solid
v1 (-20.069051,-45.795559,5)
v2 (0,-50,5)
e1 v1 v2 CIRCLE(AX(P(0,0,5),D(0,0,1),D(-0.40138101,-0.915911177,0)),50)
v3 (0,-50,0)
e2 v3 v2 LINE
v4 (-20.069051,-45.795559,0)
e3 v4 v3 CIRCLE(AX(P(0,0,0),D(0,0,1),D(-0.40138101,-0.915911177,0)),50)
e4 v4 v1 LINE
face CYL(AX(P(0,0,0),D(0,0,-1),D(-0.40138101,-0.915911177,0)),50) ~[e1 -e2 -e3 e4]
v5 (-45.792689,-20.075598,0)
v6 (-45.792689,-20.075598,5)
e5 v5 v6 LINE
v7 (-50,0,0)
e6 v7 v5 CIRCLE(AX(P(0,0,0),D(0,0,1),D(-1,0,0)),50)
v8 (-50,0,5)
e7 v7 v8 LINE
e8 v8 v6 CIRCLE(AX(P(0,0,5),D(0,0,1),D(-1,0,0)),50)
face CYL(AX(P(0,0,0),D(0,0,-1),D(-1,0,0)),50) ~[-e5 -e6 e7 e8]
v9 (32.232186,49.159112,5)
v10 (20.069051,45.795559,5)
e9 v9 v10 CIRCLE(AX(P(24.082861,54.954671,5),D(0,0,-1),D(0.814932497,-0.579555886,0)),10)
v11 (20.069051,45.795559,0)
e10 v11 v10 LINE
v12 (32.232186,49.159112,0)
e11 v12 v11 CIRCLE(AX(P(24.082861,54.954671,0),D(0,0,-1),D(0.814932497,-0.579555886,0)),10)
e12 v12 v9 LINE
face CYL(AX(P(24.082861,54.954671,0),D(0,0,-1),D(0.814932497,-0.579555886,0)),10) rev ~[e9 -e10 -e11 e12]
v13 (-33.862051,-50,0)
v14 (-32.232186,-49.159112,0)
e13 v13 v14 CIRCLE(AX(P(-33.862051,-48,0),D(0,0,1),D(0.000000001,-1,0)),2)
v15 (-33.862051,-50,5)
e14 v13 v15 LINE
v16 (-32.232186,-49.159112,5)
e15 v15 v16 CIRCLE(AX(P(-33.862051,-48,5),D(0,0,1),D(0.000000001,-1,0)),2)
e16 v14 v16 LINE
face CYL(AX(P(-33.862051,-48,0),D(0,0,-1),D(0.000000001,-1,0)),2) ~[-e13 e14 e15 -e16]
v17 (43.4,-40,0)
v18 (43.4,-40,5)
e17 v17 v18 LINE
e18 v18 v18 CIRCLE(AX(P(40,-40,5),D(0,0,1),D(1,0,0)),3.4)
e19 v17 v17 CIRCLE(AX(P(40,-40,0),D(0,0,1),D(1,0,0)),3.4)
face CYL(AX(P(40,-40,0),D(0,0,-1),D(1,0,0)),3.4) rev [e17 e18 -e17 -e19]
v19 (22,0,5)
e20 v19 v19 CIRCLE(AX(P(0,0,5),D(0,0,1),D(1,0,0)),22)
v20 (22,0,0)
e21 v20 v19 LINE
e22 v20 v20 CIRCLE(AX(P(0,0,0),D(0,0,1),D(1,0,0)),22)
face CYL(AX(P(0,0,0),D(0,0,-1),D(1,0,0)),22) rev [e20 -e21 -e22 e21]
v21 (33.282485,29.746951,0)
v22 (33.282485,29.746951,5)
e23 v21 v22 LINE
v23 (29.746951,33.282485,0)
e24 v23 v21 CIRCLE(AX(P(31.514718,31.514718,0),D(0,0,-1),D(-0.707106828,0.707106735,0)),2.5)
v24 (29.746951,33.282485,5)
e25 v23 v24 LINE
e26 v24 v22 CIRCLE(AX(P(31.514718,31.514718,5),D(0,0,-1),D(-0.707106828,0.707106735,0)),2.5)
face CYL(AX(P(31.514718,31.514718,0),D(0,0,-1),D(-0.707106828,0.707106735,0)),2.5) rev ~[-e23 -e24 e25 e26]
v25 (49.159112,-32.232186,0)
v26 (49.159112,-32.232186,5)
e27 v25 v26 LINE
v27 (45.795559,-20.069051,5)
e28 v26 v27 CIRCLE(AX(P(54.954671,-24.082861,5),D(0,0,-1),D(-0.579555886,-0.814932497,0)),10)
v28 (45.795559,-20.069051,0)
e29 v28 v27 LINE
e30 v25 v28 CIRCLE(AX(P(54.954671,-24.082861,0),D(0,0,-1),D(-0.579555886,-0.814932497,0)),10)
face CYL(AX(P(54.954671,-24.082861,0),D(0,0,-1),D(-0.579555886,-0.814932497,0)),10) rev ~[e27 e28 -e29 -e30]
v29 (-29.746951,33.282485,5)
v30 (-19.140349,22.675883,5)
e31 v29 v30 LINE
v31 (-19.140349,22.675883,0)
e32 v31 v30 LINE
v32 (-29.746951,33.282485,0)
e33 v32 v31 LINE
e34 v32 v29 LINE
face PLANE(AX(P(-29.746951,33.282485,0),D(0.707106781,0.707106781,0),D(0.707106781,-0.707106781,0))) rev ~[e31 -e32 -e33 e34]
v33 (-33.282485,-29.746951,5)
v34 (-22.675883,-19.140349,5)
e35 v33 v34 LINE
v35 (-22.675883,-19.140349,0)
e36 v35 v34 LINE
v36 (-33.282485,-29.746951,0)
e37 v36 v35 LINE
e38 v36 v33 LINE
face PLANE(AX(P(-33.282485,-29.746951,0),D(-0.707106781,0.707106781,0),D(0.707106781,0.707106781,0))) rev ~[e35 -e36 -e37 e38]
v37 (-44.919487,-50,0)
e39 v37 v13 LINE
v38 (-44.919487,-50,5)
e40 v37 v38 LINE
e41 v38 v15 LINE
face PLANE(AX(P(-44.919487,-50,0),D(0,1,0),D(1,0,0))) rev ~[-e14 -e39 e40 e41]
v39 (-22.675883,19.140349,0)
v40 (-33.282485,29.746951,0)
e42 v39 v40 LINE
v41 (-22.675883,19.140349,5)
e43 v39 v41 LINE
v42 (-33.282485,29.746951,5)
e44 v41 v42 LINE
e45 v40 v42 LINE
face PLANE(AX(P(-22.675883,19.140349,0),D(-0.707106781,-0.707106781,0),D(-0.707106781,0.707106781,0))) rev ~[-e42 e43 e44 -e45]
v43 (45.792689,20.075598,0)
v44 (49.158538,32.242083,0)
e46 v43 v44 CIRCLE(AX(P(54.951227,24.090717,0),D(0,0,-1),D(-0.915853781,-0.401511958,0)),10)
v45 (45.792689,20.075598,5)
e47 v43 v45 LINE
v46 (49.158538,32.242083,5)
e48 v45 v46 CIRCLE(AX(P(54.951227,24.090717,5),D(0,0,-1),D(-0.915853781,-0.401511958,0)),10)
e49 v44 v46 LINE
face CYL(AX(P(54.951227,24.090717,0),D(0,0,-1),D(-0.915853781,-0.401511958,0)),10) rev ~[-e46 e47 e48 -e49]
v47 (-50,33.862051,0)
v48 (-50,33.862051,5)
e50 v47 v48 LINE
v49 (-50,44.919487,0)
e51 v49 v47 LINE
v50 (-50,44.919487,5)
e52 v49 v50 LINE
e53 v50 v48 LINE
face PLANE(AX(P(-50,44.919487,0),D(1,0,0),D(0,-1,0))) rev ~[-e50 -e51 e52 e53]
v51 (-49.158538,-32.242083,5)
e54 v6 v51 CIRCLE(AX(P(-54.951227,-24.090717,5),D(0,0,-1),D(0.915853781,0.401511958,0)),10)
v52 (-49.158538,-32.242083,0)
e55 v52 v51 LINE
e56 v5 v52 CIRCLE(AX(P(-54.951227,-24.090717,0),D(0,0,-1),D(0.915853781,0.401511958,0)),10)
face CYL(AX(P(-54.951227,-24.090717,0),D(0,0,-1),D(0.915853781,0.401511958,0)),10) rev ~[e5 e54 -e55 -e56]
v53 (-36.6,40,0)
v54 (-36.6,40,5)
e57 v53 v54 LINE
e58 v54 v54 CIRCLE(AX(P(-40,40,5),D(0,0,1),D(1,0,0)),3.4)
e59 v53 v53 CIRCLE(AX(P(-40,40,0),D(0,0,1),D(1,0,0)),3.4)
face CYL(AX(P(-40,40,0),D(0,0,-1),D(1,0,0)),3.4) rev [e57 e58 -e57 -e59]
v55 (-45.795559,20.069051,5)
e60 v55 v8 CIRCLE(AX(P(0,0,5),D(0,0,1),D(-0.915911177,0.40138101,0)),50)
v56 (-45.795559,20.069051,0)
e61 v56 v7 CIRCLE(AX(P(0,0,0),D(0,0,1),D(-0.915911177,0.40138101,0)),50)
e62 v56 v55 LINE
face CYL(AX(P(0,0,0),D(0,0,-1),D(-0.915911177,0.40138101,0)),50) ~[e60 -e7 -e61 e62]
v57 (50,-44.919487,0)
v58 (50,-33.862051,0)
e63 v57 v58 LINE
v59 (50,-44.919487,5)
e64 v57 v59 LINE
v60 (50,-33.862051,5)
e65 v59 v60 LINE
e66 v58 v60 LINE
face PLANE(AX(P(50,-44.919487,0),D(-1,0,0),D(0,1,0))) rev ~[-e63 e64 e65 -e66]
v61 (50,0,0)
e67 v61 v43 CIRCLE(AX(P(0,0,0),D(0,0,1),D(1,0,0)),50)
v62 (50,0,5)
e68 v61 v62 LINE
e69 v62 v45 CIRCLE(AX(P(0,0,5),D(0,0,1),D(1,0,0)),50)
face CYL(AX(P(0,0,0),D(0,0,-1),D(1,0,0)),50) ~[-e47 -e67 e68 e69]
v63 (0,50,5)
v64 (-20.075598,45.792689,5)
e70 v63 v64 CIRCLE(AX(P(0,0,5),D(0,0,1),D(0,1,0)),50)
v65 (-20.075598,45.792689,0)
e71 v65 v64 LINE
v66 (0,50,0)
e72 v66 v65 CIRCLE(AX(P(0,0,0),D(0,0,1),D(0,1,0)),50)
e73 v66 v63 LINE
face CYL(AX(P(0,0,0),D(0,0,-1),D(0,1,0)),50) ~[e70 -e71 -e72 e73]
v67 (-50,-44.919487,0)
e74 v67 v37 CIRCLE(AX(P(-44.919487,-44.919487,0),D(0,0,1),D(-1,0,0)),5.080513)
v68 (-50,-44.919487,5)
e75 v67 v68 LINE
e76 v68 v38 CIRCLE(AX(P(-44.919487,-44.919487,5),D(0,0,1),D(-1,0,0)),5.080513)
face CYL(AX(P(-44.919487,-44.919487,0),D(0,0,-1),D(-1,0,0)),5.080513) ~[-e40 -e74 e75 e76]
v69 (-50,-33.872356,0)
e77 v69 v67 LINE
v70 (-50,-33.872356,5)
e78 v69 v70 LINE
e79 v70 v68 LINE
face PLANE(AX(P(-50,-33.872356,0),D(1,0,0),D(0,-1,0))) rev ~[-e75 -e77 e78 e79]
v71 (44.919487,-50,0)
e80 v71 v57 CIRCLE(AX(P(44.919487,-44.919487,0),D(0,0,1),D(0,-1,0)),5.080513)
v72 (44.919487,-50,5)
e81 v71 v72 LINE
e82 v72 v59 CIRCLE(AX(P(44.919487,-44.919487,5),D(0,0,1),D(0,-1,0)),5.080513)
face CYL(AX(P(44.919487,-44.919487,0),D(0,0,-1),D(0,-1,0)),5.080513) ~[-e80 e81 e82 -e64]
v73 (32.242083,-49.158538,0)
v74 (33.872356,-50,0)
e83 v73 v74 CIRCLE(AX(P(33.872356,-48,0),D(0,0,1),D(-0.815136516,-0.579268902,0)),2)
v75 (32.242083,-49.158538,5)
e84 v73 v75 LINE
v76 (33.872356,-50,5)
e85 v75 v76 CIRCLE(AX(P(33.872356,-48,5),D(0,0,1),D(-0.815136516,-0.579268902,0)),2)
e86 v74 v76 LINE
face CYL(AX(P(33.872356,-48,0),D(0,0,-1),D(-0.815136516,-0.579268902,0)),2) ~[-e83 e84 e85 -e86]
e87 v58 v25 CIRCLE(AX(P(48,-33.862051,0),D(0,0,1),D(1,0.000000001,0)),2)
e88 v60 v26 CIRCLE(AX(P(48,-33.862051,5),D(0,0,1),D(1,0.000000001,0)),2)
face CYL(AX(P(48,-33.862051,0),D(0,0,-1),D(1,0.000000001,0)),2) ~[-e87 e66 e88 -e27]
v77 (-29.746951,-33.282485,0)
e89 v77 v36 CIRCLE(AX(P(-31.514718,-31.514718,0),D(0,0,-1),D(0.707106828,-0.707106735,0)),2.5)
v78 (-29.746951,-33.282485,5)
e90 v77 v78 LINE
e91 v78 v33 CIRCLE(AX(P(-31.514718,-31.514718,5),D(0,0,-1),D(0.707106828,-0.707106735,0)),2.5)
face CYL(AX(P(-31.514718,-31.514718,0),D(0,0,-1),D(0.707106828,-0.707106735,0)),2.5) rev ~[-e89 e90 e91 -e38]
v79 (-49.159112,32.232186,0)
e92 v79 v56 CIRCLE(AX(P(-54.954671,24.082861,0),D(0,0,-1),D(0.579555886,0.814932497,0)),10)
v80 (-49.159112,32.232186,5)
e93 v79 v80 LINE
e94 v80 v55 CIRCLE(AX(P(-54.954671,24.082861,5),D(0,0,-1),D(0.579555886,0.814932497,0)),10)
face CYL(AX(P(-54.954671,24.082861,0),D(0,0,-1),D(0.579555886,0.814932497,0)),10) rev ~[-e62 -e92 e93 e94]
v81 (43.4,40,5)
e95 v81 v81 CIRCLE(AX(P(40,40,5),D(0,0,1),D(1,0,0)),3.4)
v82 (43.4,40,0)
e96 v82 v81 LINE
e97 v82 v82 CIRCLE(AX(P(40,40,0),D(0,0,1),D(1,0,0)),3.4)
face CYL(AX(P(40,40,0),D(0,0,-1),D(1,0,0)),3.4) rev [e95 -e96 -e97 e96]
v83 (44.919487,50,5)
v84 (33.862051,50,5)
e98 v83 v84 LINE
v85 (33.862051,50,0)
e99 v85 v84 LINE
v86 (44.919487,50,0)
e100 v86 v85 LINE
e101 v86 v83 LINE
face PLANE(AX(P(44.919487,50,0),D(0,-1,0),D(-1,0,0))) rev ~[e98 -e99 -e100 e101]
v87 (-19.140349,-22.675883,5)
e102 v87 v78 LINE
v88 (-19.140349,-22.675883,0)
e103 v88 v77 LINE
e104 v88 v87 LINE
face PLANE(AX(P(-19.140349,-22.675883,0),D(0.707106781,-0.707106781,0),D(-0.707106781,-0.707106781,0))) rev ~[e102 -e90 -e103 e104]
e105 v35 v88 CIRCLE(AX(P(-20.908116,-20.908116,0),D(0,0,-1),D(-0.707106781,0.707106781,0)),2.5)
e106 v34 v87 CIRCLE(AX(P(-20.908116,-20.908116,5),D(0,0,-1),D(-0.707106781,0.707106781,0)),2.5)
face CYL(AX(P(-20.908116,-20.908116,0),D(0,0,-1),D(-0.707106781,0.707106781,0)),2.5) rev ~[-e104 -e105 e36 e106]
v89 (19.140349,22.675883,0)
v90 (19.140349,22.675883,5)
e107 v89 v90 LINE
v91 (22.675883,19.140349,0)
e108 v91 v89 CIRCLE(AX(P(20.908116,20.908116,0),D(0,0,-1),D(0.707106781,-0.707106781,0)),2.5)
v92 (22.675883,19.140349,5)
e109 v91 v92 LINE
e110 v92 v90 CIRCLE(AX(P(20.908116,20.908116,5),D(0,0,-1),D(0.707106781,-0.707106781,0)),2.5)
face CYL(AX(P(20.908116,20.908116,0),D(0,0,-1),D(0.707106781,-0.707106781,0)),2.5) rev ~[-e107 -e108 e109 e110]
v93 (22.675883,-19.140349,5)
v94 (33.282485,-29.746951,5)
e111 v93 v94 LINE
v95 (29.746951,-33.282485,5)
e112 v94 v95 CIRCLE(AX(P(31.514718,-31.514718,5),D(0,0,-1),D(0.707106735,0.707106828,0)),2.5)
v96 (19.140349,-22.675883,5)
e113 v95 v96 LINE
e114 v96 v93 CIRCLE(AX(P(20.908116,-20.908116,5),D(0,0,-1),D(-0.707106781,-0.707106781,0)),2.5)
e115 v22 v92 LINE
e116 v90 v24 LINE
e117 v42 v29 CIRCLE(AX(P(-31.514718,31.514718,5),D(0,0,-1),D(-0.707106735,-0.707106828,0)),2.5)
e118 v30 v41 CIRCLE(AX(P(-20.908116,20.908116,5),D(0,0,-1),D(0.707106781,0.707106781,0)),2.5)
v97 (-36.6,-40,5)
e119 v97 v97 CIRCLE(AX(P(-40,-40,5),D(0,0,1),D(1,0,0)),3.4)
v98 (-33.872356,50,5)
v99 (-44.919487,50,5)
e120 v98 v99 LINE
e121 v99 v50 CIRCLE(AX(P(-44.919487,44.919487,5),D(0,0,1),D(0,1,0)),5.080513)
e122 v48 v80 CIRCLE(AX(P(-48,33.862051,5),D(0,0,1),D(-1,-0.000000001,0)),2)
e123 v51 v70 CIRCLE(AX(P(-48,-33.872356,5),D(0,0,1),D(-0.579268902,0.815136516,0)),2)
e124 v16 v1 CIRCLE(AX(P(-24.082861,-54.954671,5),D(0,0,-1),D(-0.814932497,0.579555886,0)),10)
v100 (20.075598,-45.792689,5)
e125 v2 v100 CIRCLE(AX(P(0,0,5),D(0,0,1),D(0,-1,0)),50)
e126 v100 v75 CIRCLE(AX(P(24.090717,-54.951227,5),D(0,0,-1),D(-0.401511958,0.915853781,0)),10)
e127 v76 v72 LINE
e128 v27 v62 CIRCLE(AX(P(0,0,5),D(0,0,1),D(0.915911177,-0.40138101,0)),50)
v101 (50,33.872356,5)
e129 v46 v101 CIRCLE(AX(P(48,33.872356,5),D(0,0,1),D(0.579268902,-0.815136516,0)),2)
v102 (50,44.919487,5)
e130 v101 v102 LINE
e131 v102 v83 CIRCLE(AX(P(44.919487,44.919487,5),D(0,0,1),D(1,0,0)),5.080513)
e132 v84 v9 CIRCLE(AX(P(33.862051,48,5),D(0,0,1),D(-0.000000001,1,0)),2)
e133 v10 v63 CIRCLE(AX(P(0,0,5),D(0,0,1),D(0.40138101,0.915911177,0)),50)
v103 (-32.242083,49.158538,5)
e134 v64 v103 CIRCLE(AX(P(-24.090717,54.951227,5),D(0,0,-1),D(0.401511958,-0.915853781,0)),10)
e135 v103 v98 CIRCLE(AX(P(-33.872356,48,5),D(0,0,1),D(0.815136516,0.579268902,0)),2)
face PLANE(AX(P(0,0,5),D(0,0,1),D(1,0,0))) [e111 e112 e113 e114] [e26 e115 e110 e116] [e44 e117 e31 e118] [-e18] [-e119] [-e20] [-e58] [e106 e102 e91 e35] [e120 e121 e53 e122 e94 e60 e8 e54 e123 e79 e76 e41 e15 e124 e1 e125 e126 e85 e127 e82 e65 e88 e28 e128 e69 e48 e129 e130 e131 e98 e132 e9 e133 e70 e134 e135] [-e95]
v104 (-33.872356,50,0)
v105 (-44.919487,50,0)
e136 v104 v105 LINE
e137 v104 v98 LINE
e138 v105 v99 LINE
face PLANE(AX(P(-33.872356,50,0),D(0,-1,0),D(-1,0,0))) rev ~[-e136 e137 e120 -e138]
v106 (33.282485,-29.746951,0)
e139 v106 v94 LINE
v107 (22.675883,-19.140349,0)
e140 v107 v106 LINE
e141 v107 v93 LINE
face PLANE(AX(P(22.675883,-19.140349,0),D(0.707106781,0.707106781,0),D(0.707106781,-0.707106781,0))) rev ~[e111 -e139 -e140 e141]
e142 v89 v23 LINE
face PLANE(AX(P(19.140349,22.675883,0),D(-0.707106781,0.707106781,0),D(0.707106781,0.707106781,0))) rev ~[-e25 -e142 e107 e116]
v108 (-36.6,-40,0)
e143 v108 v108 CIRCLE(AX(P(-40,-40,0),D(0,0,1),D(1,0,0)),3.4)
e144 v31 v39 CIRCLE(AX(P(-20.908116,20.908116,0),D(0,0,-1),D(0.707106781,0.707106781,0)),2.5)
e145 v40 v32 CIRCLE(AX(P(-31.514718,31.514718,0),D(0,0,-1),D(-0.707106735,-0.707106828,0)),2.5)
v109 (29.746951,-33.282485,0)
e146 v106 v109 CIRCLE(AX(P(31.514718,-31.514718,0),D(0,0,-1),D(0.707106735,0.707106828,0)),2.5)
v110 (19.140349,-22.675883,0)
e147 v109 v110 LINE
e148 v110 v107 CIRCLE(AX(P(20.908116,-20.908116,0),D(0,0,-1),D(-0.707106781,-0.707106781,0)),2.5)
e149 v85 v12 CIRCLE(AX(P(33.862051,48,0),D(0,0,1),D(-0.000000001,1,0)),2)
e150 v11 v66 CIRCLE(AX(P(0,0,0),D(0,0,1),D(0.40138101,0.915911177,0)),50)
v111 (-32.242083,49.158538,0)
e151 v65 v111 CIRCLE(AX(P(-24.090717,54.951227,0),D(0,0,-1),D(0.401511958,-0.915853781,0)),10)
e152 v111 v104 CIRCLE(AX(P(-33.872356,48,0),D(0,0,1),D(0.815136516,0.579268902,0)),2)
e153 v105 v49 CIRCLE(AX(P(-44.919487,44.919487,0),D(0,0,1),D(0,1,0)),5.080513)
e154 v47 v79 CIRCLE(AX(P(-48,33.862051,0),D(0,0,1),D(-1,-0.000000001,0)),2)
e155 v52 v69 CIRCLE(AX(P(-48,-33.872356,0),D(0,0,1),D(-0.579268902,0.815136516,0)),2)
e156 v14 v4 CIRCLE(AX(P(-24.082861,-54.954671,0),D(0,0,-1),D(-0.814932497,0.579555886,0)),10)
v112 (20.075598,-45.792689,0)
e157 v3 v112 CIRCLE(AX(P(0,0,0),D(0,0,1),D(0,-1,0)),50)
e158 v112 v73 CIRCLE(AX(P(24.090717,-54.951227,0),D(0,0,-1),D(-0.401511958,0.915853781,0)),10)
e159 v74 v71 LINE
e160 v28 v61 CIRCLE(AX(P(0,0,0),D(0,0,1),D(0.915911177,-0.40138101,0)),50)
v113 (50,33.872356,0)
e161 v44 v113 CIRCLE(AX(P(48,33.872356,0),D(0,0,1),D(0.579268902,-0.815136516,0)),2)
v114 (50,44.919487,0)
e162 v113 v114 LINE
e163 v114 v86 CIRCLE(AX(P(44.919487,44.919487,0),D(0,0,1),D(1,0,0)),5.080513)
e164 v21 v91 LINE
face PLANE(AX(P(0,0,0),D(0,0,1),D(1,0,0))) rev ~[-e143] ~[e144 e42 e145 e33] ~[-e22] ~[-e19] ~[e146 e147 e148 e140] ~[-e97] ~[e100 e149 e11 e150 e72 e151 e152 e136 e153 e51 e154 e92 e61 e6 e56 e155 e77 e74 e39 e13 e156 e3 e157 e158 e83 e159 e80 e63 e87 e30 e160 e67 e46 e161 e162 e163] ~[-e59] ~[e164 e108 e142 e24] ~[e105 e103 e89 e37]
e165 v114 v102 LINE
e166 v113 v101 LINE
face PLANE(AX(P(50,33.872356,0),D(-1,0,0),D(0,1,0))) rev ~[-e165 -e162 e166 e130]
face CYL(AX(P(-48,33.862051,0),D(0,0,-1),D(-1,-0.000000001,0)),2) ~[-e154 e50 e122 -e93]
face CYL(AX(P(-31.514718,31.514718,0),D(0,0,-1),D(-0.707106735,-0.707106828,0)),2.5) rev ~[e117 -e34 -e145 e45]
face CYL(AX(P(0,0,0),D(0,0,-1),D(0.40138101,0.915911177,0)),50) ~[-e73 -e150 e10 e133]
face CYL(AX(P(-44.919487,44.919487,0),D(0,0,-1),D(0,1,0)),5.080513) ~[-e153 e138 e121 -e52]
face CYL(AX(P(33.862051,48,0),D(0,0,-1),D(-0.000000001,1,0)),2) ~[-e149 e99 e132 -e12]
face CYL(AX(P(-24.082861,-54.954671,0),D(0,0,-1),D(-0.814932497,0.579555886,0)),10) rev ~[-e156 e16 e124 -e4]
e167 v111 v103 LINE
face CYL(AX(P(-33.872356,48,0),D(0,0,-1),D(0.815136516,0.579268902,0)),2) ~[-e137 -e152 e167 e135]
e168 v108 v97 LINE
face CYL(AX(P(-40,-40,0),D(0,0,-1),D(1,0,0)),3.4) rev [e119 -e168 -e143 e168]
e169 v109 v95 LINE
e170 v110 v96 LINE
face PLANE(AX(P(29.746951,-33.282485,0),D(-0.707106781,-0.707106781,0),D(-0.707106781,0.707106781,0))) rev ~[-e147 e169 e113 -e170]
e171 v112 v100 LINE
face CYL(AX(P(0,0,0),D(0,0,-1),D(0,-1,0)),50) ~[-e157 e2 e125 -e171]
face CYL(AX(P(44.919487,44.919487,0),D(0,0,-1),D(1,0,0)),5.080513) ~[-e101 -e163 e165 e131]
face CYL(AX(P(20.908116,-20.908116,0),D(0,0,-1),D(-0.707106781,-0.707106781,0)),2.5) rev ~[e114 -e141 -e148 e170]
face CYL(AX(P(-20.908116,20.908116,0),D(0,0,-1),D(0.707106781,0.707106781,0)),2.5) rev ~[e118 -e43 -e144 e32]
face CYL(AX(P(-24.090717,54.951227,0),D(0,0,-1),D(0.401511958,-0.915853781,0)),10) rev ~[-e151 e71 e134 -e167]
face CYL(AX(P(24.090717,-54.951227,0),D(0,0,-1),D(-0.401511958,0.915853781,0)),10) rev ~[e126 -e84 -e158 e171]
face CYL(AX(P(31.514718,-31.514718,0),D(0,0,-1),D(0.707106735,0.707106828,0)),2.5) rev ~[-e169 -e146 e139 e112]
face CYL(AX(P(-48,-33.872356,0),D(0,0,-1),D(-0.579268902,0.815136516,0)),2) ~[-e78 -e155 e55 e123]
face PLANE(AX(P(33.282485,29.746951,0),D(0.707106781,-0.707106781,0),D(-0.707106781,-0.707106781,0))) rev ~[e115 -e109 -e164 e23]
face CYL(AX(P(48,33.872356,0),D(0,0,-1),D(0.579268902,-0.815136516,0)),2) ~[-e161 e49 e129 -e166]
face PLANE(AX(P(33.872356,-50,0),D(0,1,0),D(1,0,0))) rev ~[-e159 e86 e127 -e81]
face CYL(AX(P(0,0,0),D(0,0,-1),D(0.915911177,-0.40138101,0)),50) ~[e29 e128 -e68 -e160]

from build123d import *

# Parameters (mm, degrees)
ESQUISSE1_R        = 3.4
ESQUISSE1_R_2      = 22
BOSS_EXTRU_2_DEPTH = 5


with BuildPart() as part:
    # Esquisse1 → Boss.-Extru.2 (new body)
    with BuildSketch(Plane.XY):
        with BuildLine():
            ThreePointArc((44.919487431, -50), (48.51195232, -48.51195232), (50, -44.919487431))
            Line((50, -44.919487431), (50, -33.862050579))
            ThreePointArc((50, -33.862050579), (49.777389032, -32.945051), (49.159111773, -32.232185585))
            ThreePointArc((49.159111773, -32.232185585), (45.31641316, -26.748192273), (45.795558863, -20.069050512))
            ThreePointArc((45.795558863, -20.069050512), (48.937602838, -10.252366967), (50, 0))
            ThreePointArc((50, 0), (48.936869799, 10.255865358), (45.79268903, 20.075597908))
            ThreePointArc((45.79268903, 20.075597908), (45.313248124, 26.757056992), (49.158537806, 32.242082639))
            ThreePointArc((49.158537806, 32.242082639), (49.777227562, 32.955043184), (50, 33.872355669))
            Line((50, 33.872355669), (50, 44.919487431))
            ThreePointArc((50, 44.919487431), (48.51195232, 48.51195232), (44.919487431, 50))
            Line((44.919487431, 50), (33.862050579, 50))
            ThreePointArc((33.862050579, 50), (32.945051, 49.777389032), (32.232185585, 49.159111773))
            ThreePointArc((32.232185585, 49.159111773), (26.748192273, 45.31641316), (20.069050512, 45.795558863))
            ThreePointArc((20.069050512, 45.795558863), (10.252366967, 48.937602838), (0, 50))
            ThreePointArc((0, 50), (-10.255865358, 48.936869799), (-20.075597908, 45.79268903))
            ThreePointArc((-20.075597908, 45.79268903), (-26.757056992, 45.313248124), (-32.242082639, 49.158537806))
            ThreePointArc((-32.242082639, 49.158537806), (-32.955043184, 49.777227562), (-33.872355669, 50))
            Line((-33.872355669, 50), (-44.919487431, 50))
            ThreePointArc((-44.919487431, 50), (-48.51195232, 48.51195232), (-50, 44.919487431))
            Line((-50, 44.919487431), (-50, 33.862050579))
            ThreePointArc((-50, 33.862050579), (-49.777389032, 32.945051), (-49.159111773, 32.232185585))
            ThreePointArc((-49.159111773, 32.232185585), (-45.31641316, 26.748192273), (-45.795558863, 20.069050512))
            ThreePointArc((-45.795558863, 20.069050512), (-48.937602838, 10.252366967), (-50, 0))
            ThreePointArc((-50, 0), (-48.936869799, -10.255865358), (-45.79268903, -20.075597908))
            ThreePointArc((-45.79268903, -20.075597908), (-45.313248124, -26.757056992), (-49.158537806, -32.242082639))
            ThreePointArc((-49.158537806, -32.242082639), (-49.777227562, -32.955043184), (-50, -33.872355669))
            Line((-50, -33.872355669), (-50, -44.919487431))
            ThreePointArc((-50, -44.919487431), (-48.51195232, -48.51195232), (-44.919487431, -50))
            Line((-44.919487431, -50), (-33.862050579, -50))
            ThreePointArc((-33.862050579, -50), (-32.945051, -49.777389032), (-32.232185585, -49.159111773))
            ThreePointArc((-32.232185585, -49.159111773), (-26.748192273, -45.31641316), (-20.069050512, -45.795558863))
            ThreePointArc((-20.069050512, -45.795558863), (-10.252366967, -48.937602838), (0, -50))
            ThreePointArc((0, -50), (10.255865358, -48.936869799), (20.075597908, -45.79268903))
            ThreePointArc((20.075597908, -45.79268903), (26.757056992, -45.313248124), (32.242082639, -49.158537806))
            ThreePointArc((32.242082639, -49.158537806), (32.955043184, -49.777227562), (33.872355669, -50))
            Line((33.872355669, -50), (44.919487431, -50))
        make_face()
        with Locations((-40, -40)):
            Circle(ESQUISSE1_R, mode=Mode.SUBTRACT)
        with BuildLine():
            ThreePointArc((-29.746951128, -33.282485034), (-33.282485092, -33.282485209), (-33.28248515, -29.746951244))
            Line((-33.28248515, -29.746951244), (-22.675883316, -19.14034941))
            ThreePointArc((-22.675883316, -19.14034941), (-19.14034941, -19.14034941), (-19.14034941, -22.675883316))
            Line((-19.14034941, -22.675883316), (-29.746951128, -33.282485034))
        make_face(mode=Mode.SUBTRACT)
        with Locations((40, -40)):
            Circle(ESQUISSE1_R, mode=Mode.SUBTRACT)
        with BuildLine():
            ThreePointArc((33.282485034, -29.746951128), (33.282485209, -33.282485092), (29.746951244, -33.28248515))
            Line((29.746951244, -33.28248515), (19.14034941, -22.675883316))
            ThreePointArc((19.14034941, -22.675883316), (19.14034941, -19.14034941), (22.675883316, -19.14034941))
            Line((22.675883316, -19.14034941), (33.282485034, -29.746951128))
        make_face(mode=Mode.SUBTRACT)
        Circle(ESQUISSE1_R_2, mode=Mode.SUBTRACT)
        with BuildLine():
            ThreePointArc((-33.282485034, 29.746951128), (-33.282485209, 33.282485092), (-29.746951244, 33.28248515))
            Line((-29.746951244, 33.28248515), (-19.14034941, 22.675883316))
            ThreePointArc((-19.14034941, 22.675883316), (-19.14034941, 19.14034941), (-22.675883316, 19.14034941))
            Line((-22.675883316, 19.14034941), (-33.282485034, 29.746951128))
        make_face(mode=Mode.SUBTRACT)
        with Locations((-40, 40)):
            Circle(ESQUISSE1_R, mode=Mode.SUBTRACT)
        with BuildLine():
            ThreePointArc((29.746951128, 33.282485034), (33.282485092, 33.282485209), (33.28248515, 29.746951244))
            Line((33.28248515, 29.746951244), (22.675883316, 19.14034941))
            ThreePointArc((22.675883316, 19.14034941), (19.14034941, 19.14034941), (19.14034941, 22.675883316))
            Line((19.14034941, 22.675883316), (29.746951128, 33.282485034))
        make_face(mode=Mode.SUBTRACT)
        with Locations((40, 40)):
            Circle(ESQUISSE1_R, mode=Mode.SUBTRACT)
    extrude(amount=BOSS_EXTRU_2_DEPTH)


solid = part.part
